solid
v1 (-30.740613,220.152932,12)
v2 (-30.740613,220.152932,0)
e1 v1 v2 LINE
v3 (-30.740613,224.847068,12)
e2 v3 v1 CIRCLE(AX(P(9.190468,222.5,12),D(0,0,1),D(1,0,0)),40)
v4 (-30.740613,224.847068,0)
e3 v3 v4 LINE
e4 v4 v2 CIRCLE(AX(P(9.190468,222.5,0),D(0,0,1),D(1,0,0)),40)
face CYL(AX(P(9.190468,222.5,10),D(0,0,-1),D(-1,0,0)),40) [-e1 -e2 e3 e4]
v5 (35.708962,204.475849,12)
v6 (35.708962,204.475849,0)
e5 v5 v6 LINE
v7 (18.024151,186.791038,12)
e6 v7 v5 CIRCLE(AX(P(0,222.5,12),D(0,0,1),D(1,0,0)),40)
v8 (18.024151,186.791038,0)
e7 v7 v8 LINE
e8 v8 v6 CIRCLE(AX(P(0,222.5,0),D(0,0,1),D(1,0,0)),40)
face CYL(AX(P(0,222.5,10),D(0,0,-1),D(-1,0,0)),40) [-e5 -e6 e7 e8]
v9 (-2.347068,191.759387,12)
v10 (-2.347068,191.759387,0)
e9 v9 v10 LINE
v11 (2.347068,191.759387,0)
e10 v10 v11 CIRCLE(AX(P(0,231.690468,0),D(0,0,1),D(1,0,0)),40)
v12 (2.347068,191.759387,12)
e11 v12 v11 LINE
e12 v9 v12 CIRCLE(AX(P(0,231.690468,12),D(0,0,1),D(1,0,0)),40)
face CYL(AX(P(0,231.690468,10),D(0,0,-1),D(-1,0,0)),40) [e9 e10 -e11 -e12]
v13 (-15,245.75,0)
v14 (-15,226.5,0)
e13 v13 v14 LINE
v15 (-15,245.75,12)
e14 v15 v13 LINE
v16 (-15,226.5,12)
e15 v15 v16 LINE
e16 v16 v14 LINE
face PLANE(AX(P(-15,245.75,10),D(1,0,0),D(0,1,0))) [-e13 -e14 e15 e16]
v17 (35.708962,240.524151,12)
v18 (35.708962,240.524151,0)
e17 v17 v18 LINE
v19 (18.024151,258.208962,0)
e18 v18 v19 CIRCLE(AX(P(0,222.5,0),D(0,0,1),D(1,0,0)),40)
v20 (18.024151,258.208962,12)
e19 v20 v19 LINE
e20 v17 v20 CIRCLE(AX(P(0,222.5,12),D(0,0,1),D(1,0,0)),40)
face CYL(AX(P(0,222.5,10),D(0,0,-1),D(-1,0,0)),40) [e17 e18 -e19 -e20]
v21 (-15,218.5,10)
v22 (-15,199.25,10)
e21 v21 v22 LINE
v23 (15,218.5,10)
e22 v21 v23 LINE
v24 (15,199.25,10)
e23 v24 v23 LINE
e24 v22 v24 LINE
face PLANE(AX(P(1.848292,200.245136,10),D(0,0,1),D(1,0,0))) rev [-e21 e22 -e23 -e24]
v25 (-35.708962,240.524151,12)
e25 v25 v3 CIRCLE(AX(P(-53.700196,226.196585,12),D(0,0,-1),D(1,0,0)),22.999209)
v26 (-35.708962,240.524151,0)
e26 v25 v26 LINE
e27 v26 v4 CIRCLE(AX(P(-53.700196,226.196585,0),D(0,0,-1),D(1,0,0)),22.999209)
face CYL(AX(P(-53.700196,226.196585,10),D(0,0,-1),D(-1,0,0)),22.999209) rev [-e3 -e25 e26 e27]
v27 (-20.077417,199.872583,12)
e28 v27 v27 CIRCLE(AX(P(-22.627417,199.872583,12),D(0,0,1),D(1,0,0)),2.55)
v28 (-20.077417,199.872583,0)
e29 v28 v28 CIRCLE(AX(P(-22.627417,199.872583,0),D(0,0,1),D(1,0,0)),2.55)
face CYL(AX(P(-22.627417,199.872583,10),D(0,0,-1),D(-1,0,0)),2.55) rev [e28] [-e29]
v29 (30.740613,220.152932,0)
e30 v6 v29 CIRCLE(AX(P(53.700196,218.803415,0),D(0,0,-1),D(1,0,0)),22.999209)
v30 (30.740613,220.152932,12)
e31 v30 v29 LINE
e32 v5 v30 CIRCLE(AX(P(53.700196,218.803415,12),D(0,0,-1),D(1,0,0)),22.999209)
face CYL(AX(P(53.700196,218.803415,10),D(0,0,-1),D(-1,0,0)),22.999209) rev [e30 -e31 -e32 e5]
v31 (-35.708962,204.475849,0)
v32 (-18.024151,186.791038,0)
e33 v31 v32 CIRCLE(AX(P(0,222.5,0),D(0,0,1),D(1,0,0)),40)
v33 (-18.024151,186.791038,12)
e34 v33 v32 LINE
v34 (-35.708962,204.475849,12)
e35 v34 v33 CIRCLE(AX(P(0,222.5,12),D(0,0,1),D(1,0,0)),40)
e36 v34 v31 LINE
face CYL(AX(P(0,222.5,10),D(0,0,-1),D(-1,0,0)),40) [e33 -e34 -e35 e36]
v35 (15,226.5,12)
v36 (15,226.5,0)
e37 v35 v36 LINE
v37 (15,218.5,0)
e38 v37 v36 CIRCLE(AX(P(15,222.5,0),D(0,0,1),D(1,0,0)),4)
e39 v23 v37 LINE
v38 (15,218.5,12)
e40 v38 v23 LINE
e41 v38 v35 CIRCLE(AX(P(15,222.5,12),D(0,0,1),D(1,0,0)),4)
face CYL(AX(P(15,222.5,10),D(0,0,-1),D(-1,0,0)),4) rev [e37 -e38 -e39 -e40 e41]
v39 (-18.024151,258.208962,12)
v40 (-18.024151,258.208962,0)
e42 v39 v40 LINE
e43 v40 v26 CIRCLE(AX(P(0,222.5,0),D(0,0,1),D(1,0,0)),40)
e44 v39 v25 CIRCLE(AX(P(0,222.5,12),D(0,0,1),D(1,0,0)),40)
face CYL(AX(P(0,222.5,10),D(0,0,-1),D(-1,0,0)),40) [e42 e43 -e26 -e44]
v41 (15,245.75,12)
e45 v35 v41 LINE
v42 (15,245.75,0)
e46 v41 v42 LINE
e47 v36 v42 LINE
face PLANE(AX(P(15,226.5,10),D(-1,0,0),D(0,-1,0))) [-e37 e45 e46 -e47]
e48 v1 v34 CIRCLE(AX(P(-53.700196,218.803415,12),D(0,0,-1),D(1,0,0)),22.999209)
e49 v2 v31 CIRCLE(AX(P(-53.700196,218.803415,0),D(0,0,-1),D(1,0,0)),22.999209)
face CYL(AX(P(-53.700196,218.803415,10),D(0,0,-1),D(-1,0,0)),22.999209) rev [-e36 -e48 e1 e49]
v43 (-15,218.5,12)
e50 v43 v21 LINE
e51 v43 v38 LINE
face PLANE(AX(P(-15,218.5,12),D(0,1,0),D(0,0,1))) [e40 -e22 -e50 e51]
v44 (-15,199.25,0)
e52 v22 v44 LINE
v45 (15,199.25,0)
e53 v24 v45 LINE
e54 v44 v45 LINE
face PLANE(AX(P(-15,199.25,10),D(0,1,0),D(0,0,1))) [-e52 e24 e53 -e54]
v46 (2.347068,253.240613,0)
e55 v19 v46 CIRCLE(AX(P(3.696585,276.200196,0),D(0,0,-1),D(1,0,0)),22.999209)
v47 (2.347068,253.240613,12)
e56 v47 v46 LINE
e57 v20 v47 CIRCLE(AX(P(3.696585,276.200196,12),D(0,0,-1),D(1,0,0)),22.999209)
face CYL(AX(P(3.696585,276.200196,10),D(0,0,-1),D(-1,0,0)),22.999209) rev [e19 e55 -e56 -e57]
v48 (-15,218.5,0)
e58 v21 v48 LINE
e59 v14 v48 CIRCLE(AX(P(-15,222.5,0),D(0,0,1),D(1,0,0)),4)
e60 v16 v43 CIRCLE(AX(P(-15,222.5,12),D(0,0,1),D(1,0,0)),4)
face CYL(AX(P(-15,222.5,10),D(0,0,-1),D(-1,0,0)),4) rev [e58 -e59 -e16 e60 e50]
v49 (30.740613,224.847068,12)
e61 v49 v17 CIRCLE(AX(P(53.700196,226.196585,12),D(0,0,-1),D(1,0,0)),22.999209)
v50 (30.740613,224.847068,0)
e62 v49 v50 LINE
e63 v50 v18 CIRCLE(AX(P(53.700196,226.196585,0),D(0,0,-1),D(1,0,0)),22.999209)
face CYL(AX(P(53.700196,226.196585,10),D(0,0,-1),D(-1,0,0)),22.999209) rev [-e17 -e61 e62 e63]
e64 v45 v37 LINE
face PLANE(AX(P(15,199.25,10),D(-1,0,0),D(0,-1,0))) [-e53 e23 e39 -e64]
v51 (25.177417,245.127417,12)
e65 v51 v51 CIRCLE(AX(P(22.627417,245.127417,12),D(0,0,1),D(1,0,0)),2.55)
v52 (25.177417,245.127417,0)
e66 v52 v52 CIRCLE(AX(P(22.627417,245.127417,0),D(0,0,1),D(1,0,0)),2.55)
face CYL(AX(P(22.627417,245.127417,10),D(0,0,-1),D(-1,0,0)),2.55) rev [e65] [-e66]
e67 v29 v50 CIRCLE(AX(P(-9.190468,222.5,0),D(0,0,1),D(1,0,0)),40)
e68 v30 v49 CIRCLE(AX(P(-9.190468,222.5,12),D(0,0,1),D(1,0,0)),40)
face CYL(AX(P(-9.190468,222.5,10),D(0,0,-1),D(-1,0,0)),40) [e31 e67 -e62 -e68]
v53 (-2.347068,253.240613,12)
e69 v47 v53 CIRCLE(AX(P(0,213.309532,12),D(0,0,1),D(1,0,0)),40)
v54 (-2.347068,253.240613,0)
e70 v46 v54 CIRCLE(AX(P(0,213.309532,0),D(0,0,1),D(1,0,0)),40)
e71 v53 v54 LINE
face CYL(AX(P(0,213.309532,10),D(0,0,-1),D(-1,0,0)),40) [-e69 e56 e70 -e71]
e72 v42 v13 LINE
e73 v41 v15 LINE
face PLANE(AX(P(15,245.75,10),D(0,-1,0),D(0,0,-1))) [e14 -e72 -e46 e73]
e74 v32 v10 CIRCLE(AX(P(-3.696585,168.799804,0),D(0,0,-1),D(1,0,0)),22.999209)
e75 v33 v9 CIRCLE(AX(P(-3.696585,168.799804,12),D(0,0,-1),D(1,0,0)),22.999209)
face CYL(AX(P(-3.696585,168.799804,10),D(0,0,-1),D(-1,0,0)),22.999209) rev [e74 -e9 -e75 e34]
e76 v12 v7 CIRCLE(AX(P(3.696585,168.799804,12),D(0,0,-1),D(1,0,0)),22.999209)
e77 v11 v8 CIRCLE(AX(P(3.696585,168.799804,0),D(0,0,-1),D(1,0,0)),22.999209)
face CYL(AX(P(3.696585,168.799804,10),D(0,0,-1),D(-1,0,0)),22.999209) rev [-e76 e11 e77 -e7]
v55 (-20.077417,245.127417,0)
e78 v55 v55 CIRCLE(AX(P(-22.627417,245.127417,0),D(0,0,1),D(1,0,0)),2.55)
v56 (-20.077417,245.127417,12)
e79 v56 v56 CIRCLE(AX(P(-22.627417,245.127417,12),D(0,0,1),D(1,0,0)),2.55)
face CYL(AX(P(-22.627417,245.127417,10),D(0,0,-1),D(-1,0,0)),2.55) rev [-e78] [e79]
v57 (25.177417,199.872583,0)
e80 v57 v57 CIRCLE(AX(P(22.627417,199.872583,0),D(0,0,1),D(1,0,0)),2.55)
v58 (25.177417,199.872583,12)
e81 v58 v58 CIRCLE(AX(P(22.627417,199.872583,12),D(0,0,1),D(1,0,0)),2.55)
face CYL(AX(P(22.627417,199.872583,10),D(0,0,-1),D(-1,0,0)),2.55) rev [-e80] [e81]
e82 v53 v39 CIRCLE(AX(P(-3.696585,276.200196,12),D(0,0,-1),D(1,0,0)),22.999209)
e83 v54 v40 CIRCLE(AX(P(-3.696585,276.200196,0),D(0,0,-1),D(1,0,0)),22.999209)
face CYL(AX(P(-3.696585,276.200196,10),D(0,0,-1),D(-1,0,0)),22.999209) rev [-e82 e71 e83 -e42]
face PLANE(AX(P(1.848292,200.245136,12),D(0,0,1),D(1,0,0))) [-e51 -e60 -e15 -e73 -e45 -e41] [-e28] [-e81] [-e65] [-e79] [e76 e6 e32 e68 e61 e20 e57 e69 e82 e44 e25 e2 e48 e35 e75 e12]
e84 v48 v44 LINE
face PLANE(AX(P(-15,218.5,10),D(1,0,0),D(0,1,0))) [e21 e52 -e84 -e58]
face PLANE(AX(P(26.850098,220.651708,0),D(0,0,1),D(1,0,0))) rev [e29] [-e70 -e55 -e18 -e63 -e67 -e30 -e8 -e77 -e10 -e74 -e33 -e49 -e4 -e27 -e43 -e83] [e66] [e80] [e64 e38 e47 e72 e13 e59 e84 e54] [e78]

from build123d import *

# Parameters (mm, degrees)
SKETCH1_R           = 2.55
BOSS_EXTRUDE2_DEPTH = 10
SKETCH2_R           = 2.55
BOSS_EXTRUDE3_DEPTH = 2


with BuildPart() as part:
    # Sketch1 → Boss-Extrude2 (new body)
    with BuildSketch(Plane.XY):
        with BuildLine():
            ThreePointArc((18.024150889, 186.79103775), (10.644862344, 190.724335457), (2.347067513, 191.759386777))
            ThreePointArc((2.347067513, 191.759386777), (0, 191.690468331), (-2.347067513, 191.759386777))
            ThreePointArc((-2.347067513, 191.759386777), (-10.644862344, 190.724335457), (-18.024150889, 186.79103775))
            ThreePointArc((-18.024150889, 186.79103775), (-28.284271247, 194.215728749), (-35.708962247, 204.475849108))
            ThreePointArc((-35.708962247, 204.475849108), (-31.77566454, 211.855137653), (-30.74061322, 220.152932484))
            ThreePointArc((-30.74061322, 220.152932484), (-30.809531665, 222.499999997), (-30.74061322, 224.84706751))
            ThreePointArc((-30.74061322, 224.84706751), (-31.77566454, 233.14486234), (-35.708962247, 240.524150885))
            ThreePointArc((-35.708962247, 240.524150885), (-28.284271247, 250.784271244), (-18.024150889, 258.208962244))
            ThreePointArc((-18.024150889, 258.208962244), (-10.644862344, 254.275664537), (-2.347067513, 253.240613217))
            ThreePointArc((-2.347067513, 253.240613217), (0, 253.309531662), (2.347067513, 253.240613217))
            ThreePointArc((2.347067513, 253.240613217), (10.644862344, 254.275664537), (18.024150889, 258.208962244))
            ThreePointArc((18.024150889, 258.208962244), (28.284271247, 250.784271244), (35.708962247, 240.524150885))
            ThreePointArc((35.708962247, 240.524150885), (31.77566454, 233.14486234), (30.74061322, 224.84706751))
            ThreePointArc((30.74061322, 224.84706751), (30.809531665, 222.499999997), (30.74061322, 220.152932484))
            ThreePointArc((30.74061322, 220.152932484), (31.77566454, 211.855137653), (35.708962247, 204.475849108))
            ThreePointArc((35.708962247, 204.475849108), (28.284271247, 194.215728749), (18.024150889, 186.79103775))
        make_face()
        with Locations((-22.627416998, 245.127416995)):
            Circle(SKETCH1_R, mode=Mode.SUBTRACT)
        with Locations((-22.627416998, 199.872582999)):
            Circle(SKETCH1_R, mode=Mode.SUBTRACT)
        with Locations((22.627416998, 199.872582999)):
            Circle(SKETCH1_R, mode=Mode.SUBTRACT)
        with Locations((22.627416998, 245.127416995)):
            Circle(SKETCH1_R, mode=Mode.SUBTRACT)
        with BuildLine():
            Line((-15, 218.499999997), (-15, 199.25))
            Line((-15, 199.25), (15, 199.25))
            Line((15, 199.25), (15, 218.499999997))
            ThreePointArc((15, 218.499999997), (19, 222.499999997), (15, 226.499999997))
            Line((15, 226.499999997), (15, 245.749999994))
            Line((15, 245.749999994), (-15, 245.749999994))
            Line((-15, 245.749999994), (-15, 226.499999997))
            ThreePointArc((-15, 226.499999997), (-19, 222.499999997), (-15, 218.499999997))
        make_face(mode=Mode.SUBTRACT)
    extrude(amount=BOSS_EXTRUDE2_DEPTH)

    # Sketch2 → Boss-Extrude3 (add)
    with BuildSketch(Plane.XY.offset(10)):
        with BuildLine():
            ThreePointArc((18.024150889, 186.79103775), (28.284271247, 194.215728749), (35.708962247, 204.475849108))
            ThreePointArc((35.708962247, 204.475849108), (31.77566454, 211.855137653), (30.74061322, 220.152932484))
            ThreePointArc((30.74061322, 220.152932484), (30.809531665, 222.499999997), (30.74061322, 224.84706751))
            ThreePointArc((30.74061322, 224.84706751), (31.77566454, 233.14486234), (35.708962247, 240.524150885))
            ThreePointArc((35.708962247, 240.524150885), (28.284271247, 250.784271244), (18.024150889, 258.208962244))
            ThreePointArc((18.024150889, 258.208962244), (10.644862344, 254.275664537), (2.347067513, 253.240613217))
            ThreePointArc((2.347067513, 253.240613217), (0, 253.309531662), (-2.347067513, 253.240613217))
            ThreePointArc((-2.347067513, 253.240613217), (-10.644862344, 254.275664537), (-18.024150889, 258.208962244))
            ThreePointArc((-18.024150889, 258.208962244), (-28.284271247, 250.784271244), (-35.708962247, 240.524150885))
            ThreePointArc((-35.708962247, 240.524150885), (-31.77566454, 233.14486234), (-30.74061322, 224.84706751))
            ThreePointArc((-30.74061322, 224.84706751), (-30.809531665, 222.499999997), (-30.74061322, 220.152932484))
            ThreePointArc((-30.74061322, 220.152932484), (-31.77566454, 211.855137653), (-35.708962247, 204.475849108))
            ThreePointArc((-35.708962247, 204.475849108), (-28.284271247, 194.215728749), (-18.024150889, 186.79103775))
            ThreePointArc((-18.024150889, 186.79103775), (-10.644862344, 190.724335457), (-2.347067513, 191.759386777))
            ThreePointArc((-2.347067513, 191.759386777), (0, 191.690468331), (2.347067513, 191.759386777))
            ThreePointArc((2.347067513, 191.759386777), (10.644862344, 190.724335457), (18.024150889, 186.79103775))
        make_face()
        with Locations((-22.627416998, 245.127416995)):
            Circle(SKETCH2_R, mode=Mode.SUBTRACT)
        with Locations((-22.627416998, 199.872582999)):
            Circle(SKETCH2_R, mode=Mode.SUBTRACT)
        with Locations((22.627416998, 199.872582999)):
            Circle(SKETCH2_R, mode=Mode.SUBTRACT)
        with Locations((22.627416998, 245.127416995)):
            Circle(SKETCH2_R, mode=Mode.SUBTRACT)
        with BuildLine():
            Line((-15, 245.749999994), (-15, 226.499999997))
            ThreePointArc((-15, 226.499999997), (-19, 222.499999997), (-15, 218.499999997))
            Line((-15, 218.499999997), (15, 218.499999997))
            ThreePointArc((15, 218.499999997), (19, 222.499999997), (15, 226.499999997))
            Line((15, 226.499999997), (15, 245.749999994))
            Line((15, 245.749999994), (-15, 245.749999994))
        make_face(mode=Mode.SUBTRACT)
    extrude(amount=BOSS_EXTRUDE3_DEPTH)


solid = part.part
